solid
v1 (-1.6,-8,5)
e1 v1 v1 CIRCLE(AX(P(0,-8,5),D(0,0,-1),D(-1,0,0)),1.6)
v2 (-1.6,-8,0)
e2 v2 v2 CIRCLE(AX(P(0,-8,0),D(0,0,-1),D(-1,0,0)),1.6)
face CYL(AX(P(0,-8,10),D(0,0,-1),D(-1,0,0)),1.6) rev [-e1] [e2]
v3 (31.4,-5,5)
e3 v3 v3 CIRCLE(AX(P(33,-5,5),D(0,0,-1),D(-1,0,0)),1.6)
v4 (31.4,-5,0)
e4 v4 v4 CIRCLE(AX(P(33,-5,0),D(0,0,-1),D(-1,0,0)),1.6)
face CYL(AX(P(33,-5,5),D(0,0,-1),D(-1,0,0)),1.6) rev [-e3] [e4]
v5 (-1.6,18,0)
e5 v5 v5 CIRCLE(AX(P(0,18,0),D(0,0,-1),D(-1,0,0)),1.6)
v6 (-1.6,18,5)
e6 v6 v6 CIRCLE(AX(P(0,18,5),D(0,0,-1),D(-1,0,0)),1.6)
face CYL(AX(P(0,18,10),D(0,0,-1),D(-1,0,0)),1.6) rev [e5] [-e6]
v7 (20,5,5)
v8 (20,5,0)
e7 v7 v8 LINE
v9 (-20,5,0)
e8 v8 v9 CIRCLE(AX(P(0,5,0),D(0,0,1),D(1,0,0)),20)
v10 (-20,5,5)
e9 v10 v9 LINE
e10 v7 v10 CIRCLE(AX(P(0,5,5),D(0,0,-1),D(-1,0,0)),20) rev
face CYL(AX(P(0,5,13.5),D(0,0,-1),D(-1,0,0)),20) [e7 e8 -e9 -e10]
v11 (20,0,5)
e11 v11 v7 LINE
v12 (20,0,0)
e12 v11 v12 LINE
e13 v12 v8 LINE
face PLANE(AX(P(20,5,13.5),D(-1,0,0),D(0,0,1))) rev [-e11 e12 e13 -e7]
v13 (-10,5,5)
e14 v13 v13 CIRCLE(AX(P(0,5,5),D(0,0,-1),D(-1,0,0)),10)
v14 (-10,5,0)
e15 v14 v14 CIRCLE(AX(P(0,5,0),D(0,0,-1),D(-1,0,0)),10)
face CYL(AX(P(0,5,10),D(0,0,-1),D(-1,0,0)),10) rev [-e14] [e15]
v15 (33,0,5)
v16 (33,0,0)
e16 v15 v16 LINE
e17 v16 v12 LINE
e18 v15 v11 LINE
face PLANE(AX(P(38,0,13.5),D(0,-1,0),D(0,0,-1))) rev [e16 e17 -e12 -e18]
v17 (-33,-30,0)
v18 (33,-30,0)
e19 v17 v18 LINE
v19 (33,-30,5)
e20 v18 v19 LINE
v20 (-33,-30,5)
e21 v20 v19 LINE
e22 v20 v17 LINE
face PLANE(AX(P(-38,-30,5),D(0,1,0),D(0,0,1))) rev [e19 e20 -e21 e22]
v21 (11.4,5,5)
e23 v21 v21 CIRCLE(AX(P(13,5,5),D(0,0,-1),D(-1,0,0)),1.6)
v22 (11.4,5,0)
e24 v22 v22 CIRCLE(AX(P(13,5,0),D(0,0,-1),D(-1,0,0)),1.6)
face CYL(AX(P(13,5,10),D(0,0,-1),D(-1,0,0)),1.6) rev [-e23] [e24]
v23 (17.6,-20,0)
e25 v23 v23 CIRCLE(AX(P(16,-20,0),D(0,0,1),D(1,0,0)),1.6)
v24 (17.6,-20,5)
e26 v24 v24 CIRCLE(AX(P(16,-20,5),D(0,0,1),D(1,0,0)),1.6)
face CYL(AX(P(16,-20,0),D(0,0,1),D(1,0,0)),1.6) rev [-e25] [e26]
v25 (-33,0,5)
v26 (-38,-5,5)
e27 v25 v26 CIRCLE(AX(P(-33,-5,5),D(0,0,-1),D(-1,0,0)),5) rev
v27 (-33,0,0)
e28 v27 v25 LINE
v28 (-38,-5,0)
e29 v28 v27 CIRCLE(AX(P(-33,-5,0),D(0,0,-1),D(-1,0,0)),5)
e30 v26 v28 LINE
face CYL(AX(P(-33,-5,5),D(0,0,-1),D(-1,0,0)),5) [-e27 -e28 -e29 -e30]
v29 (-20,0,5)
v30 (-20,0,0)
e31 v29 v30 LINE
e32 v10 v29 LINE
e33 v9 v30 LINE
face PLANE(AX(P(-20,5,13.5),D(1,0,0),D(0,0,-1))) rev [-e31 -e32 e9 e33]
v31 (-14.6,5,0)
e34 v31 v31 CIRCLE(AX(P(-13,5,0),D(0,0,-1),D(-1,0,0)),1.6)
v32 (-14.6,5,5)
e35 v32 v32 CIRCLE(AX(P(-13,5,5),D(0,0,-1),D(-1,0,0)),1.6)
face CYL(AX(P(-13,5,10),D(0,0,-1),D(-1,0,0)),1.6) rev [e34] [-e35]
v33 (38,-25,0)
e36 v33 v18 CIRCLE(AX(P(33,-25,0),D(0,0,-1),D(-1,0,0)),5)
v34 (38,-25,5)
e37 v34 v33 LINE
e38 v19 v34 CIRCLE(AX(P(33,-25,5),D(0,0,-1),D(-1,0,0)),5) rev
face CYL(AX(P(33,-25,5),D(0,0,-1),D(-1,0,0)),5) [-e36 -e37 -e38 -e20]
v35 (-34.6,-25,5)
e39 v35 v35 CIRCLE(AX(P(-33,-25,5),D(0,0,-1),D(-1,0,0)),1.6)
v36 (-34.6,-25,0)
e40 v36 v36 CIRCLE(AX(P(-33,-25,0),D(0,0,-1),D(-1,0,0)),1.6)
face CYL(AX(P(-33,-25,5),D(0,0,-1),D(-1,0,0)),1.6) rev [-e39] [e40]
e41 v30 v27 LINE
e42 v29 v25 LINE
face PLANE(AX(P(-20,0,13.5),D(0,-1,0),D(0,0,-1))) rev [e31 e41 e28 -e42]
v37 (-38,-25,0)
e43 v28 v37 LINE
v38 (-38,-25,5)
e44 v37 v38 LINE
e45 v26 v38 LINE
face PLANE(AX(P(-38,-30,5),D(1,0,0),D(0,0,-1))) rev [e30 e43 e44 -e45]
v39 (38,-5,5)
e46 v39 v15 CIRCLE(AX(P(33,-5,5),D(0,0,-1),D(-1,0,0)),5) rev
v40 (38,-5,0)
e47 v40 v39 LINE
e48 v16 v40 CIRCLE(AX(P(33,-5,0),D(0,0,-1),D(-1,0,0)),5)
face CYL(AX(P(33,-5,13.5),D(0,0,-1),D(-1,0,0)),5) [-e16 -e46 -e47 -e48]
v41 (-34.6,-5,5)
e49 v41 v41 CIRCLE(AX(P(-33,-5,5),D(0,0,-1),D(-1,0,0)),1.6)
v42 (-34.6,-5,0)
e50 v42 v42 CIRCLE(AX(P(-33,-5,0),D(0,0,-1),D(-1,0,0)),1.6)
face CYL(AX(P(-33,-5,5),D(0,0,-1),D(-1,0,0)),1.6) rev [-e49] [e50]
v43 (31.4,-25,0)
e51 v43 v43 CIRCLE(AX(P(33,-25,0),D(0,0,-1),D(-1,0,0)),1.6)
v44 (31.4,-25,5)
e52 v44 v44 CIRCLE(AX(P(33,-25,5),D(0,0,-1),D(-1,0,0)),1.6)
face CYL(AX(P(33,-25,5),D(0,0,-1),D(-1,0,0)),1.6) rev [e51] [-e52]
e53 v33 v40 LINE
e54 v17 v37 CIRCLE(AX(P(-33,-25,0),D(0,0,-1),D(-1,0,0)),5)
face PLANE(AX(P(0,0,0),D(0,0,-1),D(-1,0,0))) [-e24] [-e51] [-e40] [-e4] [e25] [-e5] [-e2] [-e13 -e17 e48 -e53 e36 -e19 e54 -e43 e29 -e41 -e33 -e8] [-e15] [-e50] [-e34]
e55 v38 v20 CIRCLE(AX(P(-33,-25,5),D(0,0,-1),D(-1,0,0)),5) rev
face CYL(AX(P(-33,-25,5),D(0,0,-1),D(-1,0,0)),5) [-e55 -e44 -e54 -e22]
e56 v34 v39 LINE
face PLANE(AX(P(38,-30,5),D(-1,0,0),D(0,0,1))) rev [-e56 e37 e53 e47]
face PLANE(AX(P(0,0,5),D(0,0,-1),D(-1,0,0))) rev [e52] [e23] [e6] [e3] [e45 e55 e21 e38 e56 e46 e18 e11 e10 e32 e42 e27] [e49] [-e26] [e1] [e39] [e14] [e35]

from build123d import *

# Parameters (mm, degrees)
SKETCH_1_W           = 76
SKETCH_1_H           = 60
EXTRUDE_1_DEPTH      = 5
FILLET_1_R           = 5
SKETCH_4_R           = 1.6
CUT_EXTRUDE_3_DEPTH  = 5
SKETCH_11_R          = 10
SKETCH_11_R_2        = 1.6
CUT_EXTRUDE_11_DEPTH = 10
CUT_EXTRUDE_12_DEPTH = 13.5
FILLET_2_R           = 5
SKETCH_13_R          = 1.6
CUT_EXTRUDE_13_DEPTH = 49.672374095


with BuildPart() as part:
    # ｽｹｯﾁ1 → ﾎﾞｽ - 押し出し1 (new body)
    with BuildSketch(Plane.XY):
        Rectangle(SKETCH_1_W, SKETCH_1_H)
    extrude(amount=EXTRUDE_1_DEPTH)

    # ﾌｨﾚｯﾄ1
    fillet_1_edges = [part.edges().sort_by_distance(p)[0] for p in [
        (38, -30, 2.5),
        (-38, -30, 2.5),
        (-38, 30, 2.5),
        (38, 30, 2.5),
    ]]
    fillet(fillet_1_edges, radius=FILLET_1_R)

    # ｽｹｯﾁ4 → ｶｯﾄ - 押し出し3 (cut)
    with BuildSketch(Plane(origin=(0, 0, 0), x_dir=(-1, 0, 0), z_dir=(0, 0, -1))):
        with Locations((-33, -5)):
            Circle(SKETCH_4_R)
        with Locations((-33, -25)):
            Circle(SKETCH_4_R)
        with Locations((33, -5)):
            Circle(SKETCH_4_R)
        with Locations((33, -25)):
            Circle(SKETCH_4_R)
    extrude(amount=-CUT_EXTRUDE_3_DEPTH, mode=Mode.SUBTRACT)

    # ｽｹｯﾁ11 → ｶｯﾄ - 押し出し11 (cut)
    with BuildSketch(Plane(origin=(0, 0, 0), x_dir=(-1, 0, 0), z_dir=(0, 0, -1))):
        with Locations((0, 5)):
            Circle(SKETCH_11_R)
        with Locations((0, 18)):
            Circle(SKETCH_11_R_2)
        with Locations((13, 5)):
            Circle(SKETCH_11_R_2)
        with Locations((0, -8)):
            Circle(SKETCH_11_R_2)
        with Locations((-13, 5)):
            Circle(SKETCH_11_R_2)
    extrude(amount=-CUT_EXTRUDE_11_DEPTH, mode=Mode.SUBTRACT)

    # ｽｹｯﾁ12 → ｶｯﾄ - 押し出し12 (cut)
    with BuildSketch(Plane(origin=(0, 0, 0), x_dir=(-1, 0, 0), z_dir=(0, 0, -1))):
        with BuildLine():
            Line((-38, 0), (-20, 0))
            Line((-20, 0), (-20, 5))
            ThreePointArc((-20, 5), (0, 25), (20, 5))
            Line((20, 5), (20, 0))
            Line((20, 0), (38, 0))
            Line((38, 0), (38, 30))
            Line((38, 30), (-38, 30))
            Line((-38, 30), (-38, 0))
        make_face()
    extrude(amount=-CUT_EXTRUDE_12_DEPTH, mode=Mode.SUBTRACT)

    # ﾌｨﾚｯﾄ2
    fillet_2_edges = [part.edges().sort_by_distance(p)[0] for p in [
        (-38, 0, 2.5),
        (38, 0, 2.5),
    ]]
    fillet(fillet_2_edges, radius=FILLET_2_R)

    # ｽｹｯﾁ13 → ｶｯﾄ - 押し出し13 (cut, through all)
    with BuildSketch(Plane.XY.offset(5)):
        with Locations((16, -20)):
            Circle(SKETCH_13_R)
    extrude(amount=-CUT_EXTRUDE_13_DEPTH, mode=Mode.SUBTRACT)


solid = part.part
